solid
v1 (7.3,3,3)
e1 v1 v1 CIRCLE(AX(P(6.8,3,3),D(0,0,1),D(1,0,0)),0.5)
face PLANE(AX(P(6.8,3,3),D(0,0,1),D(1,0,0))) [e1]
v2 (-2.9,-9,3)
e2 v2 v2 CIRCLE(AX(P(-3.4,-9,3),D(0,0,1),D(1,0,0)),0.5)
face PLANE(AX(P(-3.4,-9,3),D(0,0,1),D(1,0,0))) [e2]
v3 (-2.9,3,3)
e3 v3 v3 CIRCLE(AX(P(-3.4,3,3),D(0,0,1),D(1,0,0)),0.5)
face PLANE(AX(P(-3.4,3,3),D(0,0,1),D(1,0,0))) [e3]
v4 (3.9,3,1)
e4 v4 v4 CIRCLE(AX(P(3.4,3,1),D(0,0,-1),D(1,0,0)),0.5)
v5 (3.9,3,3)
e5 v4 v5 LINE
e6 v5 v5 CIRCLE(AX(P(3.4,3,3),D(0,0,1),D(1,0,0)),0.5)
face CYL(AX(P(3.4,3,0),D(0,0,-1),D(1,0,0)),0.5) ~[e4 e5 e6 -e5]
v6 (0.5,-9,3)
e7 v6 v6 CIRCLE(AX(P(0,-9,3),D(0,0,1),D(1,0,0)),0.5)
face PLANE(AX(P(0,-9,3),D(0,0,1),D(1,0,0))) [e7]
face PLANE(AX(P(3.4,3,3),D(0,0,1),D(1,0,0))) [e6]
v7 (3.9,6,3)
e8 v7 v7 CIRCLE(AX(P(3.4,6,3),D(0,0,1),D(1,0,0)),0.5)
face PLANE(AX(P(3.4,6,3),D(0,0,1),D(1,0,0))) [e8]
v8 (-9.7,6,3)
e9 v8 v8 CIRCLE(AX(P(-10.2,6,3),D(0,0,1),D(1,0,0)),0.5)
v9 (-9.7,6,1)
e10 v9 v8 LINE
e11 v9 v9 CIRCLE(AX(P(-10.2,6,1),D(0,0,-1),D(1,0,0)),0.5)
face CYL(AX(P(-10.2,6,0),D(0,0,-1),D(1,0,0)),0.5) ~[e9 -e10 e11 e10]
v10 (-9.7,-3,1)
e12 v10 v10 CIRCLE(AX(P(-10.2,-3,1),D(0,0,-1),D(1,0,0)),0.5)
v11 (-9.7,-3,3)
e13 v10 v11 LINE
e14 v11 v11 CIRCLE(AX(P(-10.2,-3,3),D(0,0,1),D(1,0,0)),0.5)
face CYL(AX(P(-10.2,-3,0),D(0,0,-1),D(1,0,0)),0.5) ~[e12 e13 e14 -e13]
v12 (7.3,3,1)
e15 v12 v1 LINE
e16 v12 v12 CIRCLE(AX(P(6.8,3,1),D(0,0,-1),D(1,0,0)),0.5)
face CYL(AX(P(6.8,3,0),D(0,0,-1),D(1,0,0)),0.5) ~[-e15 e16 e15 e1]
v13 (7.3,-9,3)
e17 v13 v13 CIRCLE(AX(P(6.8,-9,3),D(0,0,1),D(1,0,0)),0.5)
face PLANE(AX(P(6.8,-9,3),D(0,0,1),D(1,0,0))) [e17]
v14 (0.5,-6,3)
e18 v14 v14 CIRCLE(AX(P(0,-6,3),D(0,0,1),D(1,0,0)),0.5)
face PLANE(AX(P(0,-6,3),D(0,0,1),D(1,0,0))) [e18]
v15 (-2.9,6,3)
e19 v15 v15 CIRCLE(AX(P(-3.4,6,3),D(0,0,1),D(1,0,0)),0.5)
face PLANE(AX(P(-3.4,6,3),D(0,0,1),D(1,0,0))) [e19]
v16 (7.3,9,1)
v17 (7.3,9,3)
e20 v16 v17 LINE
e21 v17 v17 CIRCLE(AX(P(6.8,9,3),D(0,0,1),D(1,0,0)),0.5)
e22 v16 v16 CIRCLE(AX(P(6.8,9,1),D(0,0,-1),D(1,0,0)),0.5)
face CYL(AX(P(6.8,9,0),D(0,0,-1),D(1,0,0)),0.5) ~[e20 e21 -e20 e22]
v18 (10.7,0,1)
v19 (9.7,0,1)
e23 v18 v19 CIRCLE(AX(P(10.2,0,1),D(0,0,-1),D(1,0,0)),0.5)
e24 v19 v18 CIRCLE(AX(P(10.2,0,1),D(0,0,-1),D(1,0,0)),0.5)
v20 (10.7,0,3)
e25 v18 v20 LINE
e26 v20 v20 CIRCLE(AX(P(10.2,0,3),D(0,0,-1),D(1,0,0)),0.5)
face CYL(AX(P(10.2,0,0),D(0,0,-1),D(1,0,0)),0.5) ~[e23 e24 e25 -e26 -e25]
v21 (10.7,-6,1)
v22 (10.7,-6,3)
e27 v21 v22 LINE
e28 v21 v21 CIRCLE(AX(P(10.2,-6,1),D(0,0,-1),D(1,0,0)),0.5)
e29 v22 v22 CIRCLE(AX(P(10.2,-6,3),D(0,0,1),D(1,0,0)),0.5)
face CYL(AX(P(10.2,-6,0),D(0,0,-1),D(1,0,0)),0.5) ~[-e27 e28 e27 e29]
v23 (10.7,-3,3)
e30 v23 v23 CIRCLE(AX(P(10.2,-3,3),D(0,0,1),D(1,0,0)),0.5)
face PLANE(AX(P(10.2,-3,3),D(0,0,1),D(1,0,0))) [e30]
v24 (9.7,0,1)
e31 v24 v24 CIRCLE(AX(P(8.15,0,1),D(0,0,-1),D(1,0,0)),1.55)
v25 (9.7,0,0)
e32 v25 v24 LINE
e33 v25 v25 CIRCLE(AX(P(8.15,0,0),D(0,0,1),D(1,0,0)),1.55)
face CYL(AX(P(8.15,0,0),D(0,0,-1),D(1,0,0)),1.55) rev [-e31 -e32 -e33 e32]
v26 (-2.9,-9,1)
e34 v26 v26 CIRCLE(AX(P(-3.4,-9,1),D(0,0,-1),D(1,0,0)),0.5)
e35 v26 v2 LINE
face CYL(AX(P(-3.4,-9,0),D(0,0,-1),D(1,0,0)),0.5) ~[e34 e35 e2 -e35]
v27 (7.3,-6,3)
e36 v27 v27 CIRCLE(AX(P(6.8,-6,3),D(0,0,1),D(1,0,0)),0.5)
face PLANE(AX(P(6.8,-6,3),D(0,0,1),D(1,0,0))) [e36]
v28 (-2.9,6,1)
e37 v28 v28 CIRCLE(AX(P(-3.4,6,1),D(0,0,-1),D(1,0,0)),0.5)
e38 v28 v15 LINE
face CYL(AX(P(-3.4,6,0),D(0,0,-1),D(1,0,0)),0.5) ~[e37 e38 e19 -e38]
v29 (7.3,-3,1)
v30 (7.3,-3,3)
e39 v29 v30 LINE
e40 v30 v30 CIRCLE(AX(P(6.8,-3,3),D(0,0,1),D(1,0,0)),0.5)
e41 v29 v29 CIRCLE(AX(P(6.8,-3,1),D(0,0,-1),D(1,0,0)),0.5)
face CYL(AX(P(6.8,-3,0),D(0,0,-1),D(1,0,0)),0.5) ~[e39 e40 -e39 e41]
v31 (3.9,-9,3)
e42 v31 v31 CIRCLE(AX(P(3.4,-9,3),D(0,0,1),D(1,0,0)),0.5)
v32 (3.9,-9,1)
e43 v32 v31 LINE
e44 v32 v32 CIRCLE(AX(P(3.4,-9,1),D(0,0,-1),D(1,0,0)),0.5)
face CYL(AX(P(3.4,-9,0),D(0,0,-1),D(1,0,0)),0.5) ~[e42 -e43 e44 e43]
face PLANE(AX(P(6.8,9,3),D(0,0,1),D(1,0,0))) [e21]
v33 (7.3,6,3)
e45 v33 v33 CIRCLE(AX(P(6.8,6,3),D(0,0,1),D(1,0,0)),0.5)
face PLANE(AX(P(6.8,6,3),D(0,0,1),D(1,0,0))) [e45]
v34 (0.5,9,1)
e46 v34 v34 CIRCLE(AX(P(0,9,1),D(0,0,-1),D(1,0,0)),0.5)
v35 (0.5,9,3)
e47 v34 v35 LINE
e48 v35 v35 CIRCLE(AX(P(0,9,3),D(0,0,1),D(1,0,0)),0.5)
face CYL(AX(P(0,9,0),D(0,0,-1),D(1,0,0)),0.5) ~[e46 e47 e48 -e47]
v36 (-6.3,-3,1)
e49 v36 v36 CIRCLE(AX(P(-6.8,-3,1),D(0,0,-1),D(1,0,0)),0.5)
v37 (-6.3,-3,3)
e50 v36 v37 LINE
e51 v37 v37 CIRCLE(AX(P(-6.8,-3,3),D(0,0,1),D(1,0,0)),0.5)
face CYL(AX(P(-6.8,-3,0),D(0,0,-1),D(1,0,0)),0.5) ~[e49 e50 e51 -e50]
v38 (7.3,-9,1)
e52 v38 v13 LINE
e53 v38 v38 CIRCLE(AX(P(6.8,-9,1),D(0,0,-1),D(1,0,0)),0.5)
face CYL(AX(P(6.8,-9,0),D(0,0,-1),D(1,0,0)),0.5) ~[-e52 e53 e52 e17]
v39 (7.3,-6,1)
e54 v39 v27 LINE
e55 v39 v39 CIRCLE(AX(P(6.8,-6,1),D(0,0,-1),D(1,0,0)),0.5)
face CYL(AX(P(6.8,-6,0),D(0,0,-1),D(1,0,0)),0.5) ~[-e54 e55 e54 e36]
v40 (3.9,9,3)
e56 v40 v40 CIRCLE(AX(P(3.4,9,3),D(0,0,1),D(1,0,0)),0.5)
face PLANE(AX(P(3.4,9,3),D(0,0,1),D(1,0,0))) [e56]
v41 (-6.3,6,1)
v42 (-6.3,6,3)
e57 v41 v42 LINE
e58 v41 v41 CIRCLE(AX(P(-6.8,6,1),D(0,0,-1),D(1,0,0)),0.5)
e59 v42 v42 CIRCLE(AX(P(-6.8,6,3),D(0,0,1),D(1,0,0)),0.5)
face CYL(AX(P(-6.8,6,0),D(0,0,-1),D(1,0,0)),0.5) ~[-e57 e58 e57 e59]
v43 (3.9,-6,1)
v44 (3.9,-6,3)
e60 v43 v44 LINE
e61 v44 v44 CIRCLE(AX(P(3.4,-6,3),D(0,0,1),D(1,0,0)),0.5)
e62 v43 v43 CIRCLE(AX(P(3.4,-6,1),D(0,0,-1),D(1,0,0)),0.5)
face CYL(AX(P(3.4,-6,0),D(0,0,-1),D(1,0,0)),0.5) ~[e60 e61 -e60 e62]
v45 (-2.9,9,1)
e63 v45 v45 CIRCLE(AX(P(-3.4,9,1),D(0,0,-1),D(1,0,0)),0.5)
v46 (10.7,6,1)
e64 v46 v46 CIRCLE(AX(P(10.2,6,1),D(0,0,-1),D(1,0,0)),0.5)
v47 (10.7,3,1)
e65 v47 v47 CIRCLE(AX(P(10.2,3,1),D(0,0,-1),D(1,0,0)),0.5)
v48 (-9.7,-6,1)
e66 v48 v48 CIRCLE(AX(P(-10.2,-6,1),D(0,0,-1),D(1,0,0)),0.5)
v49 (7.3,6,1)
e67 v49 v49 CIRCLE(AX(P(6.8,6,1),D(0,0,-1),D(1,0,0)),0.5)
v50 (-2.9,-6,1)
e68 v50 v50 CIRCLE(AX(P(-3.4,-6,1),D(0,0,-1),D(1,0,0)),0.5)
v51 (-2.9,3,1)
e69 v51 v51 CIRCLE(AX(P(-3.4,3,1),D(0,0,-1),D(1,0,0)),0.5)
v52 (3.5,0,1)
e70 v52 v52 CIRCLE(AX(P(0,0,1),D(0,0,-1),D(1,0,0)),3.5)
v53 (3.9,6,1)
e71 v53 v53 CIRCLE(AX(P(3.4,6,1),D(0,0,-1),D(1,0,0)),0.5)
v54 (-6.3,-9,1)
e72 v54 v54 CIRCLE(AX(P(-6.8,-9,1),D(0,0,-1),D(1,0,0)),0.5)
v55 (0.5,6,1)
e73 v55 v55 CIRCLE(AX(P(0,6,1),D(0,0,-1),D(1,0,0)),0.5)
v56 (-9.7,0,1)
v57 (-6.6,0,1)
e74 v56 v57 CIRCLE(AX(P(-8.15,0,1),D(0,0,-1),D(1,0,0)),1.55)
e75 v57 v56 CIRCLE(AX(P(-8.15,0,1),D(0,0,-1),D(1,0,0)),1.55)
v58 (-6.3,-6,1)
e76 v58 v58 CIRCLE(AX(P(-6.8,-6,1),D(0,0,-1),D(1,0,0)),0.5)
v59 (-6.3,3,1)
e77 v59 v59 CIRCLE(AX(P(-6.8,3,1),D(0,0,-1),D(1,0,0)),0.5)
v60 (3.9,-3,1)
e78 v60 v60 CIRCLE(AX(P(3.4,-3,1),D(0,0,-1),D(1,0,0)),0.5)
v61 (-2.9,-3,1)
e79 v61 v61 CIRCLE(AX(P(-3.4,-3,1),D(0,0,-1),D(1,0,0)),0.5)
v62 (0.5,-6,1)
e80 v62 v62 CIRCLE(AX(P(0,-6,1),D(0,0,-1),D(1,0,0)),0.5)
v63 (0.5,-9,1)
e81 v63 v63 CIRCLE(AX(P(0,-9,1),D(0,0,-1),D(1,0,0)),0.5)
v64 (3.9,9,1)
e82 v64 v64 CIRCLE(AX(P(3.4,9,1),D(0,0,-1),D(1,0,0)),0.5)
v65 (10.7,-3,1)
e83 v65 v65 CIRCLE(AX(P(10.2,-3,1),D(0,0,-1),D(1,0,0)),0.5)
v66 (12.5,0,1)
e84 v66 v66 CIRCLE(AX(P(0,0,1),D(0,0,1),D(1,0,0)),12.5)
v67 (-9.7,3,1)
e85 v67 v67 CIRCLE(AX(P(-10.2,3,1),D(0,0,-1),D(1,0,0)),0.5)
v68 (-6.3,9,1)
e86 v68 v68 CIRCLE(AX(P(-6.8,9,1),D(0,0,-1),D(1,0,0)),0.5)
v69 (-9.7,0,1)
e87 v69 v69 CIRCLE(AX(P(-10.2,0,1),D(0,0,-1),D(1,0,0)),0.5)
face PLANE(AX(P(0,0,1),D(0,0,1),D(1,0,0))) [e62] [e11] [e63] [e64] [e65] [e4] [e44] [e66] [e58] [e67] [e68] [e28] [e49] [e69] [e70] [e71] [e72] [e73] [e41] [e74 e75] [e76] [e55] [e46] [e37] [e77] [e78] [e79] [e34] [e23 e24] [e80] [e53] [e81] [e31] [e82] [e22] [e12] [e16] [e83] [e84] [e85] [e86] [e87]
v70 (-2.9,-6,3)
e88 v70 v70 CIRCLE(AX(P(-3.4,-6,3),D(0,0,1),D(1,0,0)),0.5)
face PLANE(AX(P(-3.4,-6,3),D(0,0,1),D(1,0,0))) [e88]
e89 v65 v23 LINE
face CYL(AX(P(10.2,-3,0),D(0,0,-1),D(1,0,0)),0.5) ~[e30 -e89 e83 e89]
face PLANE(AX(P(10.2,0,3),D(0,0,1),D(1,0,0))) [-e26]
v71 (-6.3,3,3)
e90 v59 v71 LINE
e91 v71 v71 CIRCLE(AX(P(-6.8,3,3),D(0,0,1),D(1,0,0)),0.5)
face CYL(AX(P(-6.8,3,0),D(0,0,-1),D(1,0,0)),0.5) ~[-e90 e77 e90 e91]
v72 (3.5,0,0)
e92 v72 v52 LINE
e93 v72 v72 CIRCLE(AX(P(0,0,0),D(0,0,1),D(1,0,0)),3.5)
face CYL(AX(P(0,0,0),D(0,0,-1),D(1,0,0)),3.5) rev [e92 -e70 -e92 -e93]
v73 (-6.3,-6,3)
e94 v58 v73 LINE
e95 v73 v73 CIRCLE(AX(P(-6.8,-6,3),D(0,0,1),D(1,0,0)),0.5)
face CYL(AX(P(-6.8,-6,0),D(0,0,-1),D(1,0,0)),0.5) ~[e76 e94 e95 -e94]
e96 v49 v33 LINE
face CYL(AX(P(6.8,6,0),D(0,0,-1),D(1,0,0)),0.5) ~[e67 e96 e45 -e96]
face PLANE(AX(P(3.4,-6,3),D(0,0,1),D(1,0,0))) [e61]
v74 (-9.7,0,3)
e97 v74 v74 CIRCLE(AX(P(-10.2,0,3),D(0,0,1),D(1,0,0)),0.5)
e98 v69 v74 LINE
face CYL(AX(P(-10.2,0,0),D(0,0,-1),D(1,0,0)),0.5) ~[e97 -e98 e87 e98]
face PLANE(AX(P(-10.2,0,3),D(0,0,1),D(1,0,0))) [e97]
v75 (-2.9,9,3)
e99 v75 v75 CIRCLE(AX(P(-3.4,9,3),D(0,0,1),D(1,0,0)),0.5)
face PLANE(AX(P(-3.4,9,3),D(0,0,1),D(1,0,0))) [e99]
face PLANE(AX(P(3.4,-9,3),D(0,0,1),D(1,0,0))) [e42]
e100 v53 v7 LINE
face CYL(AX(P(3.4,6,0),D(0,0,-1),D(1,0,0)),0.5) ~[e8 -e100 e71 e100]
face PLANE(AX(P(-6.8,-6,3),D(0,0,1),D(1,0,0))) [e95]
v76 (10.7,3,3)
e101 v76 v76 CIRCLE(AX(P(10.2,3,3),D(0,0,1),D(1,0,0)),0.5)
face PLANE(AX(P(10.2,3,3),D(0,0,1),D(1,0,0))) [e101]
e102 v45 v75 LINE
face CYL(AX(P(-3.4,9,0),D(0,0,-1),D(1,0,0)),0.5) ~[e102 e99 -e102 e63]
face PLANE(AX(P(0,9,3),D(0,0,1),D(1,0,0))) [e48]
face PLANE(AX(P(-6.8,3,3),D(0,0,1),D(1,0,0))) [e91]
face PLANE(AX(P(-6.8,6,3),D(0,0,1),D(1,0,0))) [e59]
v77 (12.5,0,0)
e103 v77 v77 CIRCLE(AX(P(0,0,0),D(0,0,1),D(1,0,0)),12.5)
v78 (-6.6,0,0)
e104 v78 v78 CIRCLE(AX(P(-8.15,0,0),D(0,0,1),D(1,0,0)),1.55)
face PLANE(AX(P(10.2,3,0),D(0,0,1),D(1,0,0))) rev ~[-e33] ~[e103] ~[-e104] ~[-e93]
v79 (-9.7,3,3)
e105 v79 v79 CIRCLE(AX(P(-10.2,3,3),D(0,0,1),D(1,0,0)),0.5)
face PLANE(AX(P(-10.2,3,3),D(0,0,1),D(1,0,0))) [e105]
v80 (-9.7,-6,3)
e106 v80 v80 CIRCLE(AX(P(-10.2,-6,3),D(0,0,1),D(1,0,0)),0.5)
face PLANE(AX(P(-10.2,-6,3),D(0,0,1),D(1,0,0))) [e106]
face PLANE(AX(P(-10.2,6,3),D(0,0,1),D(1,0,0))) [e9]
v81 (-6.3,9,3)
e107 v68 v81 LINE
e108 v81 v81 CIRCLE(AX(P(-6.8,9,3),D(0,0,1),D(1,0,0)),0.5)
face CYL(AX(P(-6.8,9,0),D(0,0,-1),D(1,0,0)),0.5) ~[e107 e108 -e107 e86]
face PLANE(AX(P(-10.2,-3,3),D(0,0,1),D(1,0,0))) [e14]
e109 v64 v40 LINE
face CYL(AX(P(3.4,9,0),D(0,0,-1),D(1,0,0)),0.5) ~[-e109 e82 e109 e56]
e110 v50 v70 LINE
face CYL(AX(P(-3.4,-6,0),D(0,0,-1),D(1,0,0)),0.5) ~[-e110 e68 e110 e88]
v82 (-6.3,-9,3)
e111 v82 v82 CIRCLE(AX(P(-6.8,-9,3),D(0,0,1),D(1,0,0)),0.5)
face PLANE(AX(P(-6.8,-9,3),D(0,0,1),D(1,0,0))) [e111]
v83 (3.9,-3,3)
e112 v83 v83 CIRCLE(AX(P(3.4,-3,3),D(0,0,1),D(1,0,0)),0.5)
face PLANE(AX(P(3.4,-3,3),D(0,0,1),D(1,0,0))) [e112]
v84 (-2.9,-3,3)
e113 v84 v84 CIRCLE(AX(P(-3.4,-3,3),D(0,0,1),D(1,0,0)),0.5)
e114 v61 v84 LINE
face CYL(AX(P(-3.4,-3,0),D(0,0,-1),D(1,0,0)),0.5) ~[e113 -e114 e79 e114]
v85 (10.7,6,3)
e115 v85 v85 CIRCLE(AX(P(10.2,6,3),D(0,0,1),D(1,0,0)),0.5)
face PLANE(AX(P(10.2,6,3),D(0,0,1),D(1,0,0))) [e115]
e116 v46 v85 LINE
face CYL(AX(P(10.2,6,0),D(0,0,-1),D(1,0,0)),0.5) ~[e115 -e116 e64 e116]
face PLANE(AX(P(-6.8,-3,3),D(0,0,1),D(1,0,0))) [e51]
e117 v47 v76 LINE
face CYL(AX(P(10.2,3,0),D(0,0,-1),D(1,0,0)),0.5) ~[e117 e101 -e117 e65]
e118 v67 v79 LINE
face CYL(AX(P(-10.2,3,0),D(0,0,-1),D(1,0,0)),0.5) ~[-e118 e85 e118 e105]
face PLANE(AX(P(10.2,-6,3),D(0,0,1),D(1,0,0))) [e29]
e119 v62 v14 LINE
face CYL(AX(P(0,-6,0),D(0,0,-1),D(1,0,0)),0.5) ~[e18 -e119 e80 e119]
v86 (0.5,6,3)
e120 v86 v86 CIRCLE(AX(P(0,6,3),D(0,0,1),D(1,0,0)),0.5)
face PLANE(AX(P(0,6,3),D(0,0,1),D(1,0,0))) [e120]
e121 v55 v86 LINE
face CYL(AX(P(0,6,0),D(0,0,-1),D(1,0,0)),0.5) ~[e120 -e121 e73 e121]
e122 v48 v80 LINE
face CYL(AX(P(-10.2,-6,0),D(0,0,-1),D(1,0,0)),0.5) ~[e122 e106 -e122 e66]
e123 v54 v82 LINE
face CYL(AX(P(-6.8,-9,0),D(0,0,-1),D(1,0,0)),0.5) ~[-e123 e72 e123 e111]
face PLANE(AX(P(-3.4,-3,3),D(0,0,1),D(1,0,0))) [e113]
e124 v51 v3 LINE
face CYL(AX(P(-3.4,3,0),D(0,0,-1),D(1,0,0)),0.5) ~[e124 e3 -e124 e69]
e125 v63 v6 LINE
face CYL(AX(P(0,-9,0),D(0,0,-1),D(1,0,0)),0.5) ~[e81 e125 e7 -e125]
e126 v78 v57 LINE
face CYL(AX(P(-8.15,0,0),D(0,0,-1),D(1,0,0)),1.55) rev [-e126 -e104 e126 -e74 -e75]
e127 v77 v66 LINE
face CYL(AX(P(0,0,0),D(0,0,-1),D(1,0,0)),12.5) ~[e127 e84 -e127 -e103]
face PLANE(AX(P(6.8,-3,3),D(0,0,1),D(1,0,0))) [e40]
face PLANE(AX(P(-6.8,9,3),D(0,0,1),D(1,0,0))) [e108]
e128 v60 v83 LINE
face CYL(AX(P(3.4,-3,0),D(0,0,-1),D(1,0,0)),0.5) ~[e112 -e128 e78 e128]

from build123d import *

# Parameters (mm, degrees)
F0_R     = 12.5
F1_DEPTH = 1
F2_R     = 0.5
F3_DEPTH = 3
F4_R     = 3.5
F4_R_2   = 1.55
F5_DEPTH = 3.001


with BuildPart() as f1:
    # F0 (on Top) → F1 (new body)
    with BuildSketch(Plane.XY):
        Circle(F0_R)
    extrude(amount=F1_DEPTH)

    # F2 (on Top) → F3 (join)
    with BuildSketch(Plane.XY):
        with Locations((10.2, 3)):
            Circle(F2_R)
        with Locations((6.8, 6)):
            Circle(F2_R)
        with Locations((10.2, 0)):
            Circle(F2_R)
        with Locations((10.2, -3)):
            Circle(F2_R)
        with Locations((6.8, -6)):
            Circle(F2_R)
        with Locations((3.4, -6)):
            Circle(F2_R)
        with Locations((0, -6)):
            Circle(F2_R)
        with Locations((-3.4, -6)):
            Circle(F2_R)
        with Locations((-6.8, -6)):
            Circle(F2_R)
        with Locations((-10.2, -3)):
            Circle(F2_R)
        with Locations((-10.2, 0)):
            Circle(F2_R)
        with Locations((-10.2, 3)):
            Circle(F2_R)
        with Locations((-6.8, 6)):
            Circle(F2_R)
        with Locations((-3.4, 6)):
            Circle(F2_R)
        with Locations((0, 6)):
            Circle(F2_R)
        with Locations((3.4, 6)):
            Circle(F2_R)
        with Locations((-6.8, -3)):
            Circle(F2_R)
        with Locations((-6.8, 3)):
            Circle(F2_R)
        with Locations((-3.4, -3)):
            Circle(F2_R)
        with Locations((-3.4, 3)):
            Circle(F2_R)
        with Locations((6.8, -3)):
            Circle(F2_R)
        with Locations((3.4, -3)):
            Circle(F2_R)
        with Locations((6.8, 3)):
            Circle(F2_R)
        with Locations((3.4, 3)):
            Circle(F2_R)
        with Locations((6.8, 9)):
            Circle(F2_R)
        with Locations((3.4, 9)):
            Circle(F2_R)
        with Locations((0, 9)):
            Circle(F2_R)
        with Locations((-3.4, 9)):
            Circle(F2_R)
        with Locations((-6.8, 9)):
            Circle(F2_R)
        with Locations((10.2, 6)):
            Circle(F2_R)
        with Locations((6.8, -9)):
            Circle(F2_R)
        with Locations((3.4, -9)):
            Circle(F2_R)
        with Locations((-10.2, 6)):
            Circle(F2_R)
        with Locations((10.2, -6)):
            Circle(F2_R)
        with Locations((-3.4, -9)):
            Circle(F2_R)
        with Locations((0, -9)):
            Circle(F2_R)
        with Locations((-6.8, -9)):
            Circle(F2_R)
        with Locations((-10.2, -6)):
            Circle(F2_R)
    extrude(amount=F3_DEPTH)

    # F4 (on Top) → F5 (cut, through all)
    with BuildSketch(Plane.XY):
        Circle(F4_R)
        with Locations((8.15, 0)):
            Circle(F4_R_2)
        with Locations((-8.15, 0)):
            Circle(F4_R_2)
    extrude(amount=F5_DEPTH, mode=Mode.SUBTRACT)


solid = f1.part
